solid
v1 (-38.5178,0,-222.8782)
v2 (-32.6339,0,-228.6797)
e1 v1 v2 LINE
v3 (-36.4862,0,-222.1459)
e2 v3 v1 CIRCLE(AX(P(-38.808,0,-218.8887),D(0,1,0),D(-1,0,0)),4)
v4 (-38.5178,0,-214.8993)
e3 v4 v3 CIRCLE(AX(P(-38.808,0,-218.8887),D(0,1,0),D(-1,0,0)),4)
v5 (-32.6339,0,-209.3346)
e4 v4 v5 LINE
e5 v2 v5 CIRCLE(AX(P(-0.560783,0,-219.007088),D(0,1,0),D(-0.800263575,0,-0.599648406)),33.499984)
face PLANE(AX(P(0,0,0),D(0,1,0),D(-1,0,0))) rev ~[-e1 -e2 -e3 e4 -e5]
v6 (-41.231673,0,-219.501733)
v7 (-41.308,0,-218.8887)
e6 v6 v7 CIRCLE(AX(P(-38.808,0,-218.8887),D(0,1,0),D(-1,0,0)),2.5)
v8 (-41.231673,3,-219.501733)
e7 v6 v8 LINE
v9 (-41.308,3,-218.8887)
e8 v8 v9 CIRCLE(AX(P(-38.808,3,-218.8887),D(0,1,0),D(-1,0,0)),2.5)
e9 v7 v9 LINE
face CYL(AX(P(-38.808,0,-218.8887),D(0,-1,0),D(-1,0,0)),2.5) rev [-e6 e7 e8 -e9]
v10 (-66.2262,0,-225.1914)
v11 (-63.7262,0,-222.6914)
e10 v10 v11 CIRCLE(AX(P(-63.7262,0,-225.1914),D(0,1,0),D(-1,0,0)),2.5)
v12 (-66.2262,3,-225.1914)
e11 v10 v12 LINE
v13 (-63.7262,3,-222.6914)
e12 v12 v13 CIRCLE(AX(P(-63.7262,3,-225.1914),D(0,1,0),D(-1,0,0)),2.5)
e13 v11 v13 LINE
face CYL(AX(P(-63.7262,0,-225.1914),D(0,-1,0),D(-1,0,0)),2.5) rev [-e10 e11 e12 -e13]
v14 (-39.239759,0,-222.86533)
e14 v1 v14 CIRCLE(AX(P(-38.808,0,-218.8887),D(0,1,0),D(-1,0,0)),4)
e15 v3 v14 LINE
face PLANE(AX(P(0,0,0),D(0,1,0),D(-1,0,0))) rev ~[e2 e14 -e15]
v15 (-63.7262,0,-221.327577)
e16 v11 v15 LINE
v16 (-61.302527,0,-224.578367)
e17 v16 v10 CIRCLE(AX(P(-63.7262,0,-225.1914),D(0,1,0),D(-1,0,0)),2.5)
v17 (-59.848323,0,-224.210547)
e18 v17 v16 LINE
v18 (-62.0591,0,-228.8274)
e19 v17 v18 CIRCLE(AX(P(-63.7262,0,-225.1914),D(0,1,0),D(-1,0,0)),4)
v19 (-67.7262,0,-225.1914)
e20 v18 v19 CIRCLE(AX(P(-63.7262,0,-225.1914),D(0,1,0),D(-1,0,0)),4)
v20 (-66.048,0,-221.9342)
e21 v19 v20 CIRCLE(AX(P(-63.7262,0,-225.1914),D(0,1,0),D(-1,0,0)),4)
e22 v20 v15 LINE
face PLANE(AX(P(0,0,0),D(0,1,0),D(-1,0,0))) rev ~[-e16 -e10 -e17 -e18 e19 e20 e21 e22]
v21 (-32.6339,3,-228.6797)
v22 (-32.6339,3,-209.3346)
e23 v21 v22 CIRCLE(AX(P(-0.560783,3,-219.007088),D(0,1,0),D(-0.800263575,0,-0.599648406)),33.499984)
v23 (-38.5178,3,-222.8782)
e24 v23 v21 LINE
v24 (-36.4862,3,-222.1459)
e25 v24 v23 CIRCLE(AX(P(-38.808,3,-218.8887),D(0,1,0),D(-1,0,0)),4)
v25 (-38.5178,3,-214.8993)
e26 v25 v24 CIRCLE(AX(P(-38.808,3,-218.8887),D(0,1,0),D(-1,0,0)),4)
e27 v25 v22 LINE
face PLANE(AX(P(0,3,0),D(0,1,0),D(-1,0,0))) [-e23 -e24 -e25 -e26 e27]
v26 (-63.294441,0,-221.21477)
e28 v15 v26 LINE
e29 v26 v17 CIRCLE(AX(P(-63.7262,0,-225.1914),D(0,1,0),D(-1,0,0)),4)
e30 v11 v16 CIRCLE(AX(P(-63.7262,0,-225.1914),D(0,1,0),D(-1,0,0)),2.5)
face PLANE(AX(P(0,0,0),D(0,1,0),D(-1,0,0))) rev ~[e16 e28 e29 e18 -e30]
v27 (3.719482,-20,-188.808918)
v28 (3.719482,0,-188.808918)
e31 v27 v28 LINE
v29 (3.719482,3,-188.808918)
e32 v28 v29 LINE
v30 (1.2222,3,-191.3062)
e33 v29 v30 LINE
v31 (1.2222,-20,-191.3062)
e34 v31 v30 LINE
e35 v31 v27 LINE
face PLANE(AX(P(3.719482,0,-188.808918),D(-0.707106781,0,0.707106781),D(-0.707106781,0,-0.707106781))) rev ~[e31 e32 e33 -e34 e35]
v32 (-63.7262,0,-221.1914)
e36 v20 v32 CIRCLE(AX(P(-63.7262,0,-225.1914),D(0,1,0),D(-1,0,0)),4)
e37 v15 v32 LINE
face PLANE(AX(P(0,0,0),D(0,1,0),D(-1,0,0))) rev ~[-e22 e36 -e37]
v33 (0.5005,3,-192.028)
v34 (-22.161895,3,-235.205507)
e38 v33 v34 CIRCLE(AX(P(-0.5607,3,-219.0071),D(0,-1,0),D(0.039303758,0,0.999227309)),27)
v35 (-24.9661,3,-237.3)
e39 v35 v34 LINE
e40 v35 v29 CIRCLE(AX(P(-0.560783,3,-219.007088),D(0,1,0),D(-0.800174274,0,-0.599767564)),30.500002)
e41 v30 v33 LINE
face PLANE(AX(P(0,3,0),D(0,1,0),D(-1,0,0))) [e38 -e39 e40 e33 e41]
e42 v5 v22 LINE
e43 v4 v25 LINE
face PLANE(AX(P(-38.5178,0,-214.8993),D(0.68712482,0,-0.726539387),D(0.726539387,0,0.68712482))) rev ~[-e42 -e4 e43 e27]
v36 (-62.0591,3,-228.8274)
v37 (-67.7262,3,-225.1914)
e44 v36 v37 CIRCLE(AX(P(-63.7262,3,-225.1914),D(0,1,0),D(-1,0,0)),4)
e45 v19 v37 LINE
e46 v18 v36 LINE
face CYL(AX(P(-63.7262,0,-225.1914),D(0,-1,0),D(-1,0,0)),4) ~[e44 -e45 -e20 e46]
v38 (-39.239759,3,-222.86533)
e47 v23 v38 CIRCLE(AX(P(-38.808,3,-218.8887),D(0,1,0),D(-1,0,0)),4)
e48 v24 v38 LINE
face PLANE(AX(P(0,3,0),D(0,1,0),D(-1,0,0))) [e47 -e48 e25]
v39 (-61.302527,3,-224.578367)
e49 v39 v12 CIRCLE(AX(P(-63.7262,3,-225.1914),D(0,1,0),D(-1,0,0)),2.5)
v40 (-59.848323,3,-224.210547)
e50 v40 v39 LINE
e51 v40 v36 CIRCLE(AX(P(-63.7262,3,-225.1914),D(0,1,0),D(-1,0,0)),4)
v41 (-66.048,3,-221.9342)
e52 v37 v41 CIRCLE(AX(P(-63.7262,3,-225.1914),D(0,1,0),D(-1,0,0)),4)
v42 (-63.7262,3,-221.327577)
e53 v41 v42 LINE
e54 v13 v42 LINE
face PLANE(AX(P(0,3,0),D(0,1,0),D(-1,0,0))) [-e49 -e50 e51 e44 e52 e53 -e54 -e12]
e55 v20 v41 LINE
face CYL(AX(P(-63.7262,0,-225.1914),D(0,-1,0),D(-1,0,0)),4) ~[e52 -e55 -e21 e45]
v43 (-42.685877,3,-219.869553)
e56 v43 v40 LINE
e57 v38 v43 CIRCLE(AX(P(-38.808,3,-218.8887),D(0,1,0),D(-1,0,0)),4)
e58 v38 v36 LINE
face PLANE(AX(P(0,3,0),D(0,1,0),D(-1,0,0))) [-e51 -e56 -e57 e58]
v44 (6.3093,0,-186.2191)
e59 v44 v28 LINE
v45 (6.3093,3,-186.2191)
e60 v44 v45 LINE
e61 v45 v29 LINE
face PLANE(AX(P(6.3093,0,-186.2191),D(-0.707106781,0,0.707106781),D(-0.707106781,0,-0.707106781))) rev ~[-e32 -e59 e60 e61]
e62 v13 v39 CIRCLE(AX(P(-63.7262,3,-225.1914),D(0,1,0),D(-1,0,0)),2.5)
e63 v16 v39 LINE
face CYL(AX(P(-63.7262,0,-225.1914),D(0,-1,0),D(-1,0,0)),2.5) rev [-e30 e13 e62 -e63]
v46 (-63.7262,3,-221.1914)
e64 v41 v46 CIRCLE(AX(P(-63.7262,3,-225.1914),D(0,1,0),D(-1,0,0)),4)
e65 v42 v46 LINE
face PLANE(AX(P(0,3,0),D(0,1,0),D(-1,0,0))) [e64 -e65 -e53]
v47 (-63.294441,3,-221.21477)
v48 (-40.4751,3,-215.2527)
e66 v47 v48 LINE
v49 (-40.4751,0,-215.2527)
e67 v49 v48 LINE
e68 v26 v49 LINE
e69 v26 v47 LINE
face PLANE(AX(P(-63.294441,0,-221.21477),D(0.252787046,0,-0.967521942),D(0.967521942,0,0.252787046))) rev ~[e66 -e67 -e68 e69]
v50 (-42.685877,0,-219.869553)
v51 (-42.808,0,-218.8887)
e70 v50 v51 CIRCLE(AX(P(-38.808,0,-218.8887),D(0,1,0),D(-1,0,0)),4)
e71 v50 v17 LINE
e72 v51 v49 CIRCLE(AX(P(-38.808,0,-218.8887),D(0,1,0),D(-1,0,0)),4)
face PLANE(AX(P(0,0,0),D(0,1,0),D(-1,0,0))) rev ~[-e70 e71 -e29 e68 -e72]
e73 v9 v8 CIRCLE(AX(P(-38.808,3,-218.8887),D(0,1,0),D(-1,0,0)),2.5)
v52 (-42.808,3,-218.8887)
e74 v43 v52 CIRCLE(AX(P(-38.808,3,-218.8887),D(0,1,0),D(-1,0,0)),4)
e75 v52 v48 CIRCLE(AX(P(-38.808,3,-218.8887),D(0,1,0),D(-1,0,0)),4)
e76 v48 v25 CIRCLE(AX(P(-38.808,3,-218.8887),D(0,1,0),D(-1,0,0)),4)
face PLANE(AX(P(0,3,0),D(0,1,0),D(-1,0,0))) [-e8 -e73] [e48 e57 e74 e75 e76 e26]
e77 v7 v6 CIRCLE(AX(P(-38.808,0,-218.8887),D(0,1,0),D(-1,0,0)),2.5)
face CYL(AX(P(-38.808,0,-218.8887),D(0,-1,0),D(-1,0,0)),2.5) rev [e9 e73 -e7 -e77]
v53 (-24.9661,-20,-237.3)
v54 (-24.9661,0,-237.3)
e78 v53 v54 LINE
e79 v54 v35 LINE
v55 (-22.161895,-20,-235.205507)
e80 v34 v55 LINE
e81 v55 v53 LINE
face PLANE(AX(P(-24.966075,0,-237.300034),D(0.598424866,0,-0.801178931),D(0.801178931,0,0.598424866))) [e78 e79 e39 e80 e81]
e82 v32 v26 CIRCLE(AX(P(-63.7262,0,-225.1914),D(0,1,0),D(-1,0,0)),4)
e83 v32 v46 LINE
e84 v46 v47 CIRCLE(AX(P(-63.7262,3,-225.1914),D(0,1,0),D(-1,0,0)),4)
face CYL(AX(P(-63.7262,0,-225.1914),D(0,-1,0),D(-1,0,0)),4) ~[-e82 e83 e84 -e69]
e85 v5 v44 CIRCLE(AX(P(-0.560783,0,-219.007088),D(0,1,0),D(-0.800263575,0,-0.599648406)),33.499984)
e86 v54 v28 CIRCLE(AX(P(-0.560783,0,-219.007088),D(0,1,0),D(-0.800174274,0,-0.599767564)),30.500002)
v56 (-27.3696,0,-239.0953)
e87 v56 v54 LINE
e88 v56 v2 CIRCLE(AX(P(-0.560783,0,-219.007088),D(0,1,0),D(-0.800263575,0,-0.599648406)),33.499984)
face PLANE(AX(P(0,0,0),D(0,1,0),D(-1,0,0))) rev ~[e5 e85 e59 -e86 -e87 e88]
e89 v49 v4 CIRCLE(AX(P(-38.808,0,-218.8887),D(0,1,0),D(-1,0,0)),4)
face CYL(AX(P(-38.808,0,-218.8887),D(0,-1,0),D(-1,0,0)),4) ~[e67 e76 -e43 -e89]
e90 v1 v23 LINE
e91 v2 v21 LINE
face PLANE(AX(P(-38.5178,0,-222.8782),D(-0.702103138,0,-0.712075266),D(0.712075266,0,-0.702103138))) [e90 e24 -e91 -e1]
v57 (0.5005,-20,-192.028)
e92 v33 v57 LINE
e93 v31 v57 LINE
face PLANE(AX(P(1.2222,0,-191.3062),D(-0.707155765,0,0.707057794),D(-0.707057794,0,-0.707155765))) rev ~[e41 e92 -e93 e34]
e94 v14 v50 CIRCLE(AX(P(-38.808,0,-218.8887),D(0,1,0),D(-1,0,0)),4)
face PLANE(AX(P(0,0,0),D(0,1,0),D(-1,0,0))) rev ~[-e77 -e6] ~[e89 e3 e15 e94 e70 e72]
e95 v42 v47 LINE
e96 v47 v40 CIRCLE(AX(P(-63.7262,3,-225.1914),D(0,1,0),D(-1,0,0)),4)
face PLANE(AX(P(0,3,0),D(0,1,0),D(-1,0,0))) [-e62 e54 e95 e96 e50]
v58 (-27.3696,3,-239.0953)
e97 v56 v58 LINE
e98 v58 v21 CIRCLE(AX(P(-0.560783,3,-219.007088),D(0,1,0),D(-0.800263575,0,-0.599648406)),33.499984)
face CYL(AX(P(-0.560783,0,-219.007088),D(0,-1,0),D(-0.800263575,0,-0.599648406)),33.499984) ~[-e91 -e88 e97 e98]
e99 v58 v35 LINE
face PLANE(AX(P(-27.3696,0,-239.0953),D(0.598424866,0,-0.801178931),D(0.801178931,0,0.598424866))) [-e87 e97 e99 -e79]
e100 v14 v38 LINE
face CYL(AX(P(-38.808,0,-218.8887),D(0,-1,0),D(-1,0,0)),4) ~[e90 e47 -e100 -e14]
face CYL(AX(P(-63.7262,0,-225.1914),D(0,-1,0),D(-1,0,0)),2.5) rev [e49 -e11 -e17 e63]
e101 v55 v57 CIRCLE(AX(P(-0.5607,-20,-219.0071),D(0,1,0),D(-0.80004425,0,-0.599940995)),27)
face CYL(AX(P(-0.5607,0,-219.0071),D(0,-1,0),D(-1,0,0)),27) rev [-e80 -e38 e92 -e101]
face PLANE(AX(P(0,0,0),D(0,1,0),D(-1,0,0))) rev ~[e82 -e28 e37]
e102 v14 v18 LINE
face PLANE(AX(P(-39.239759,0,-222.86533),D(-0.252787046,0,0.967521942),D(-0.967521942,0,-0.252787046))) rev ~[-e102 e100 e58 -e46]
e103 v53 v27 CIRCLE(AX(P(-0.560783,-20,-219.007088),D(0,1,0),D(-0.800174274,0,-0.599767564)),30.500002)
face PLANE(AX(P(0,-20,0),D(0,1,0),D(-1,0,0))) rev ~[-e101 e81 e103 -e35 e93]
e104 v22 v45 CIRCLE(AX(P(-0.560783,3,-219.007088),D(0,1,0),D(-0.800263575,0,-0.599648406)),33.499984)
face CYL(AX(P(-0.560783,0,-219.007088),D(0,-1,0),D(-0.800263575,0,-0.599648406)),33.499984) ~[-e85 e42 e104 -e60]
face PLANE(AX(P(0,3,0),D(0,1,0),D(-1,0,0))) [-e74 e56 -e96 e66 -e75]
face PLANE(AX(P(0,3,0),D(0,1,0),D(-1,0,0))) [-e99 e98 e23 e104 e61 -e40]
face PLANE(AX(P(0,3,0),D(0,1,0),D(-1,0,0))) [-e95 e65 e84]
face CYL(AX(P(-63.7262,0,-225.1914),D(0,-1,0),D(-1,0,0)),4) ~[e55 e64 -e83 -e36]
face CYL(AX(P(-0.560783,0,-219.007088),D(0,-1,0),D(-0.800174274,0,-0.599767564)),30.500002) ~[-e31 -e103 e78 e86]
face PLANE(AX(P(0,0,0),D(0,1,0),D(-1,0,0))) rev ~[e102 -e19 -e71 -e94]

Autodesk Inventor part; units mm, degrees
ref_plane "YZ Plane" through (0, 0, 0) normal (1, 0, 0) x (0, 1, 0)
ref_plane "XZ Plane" through (0, 0, 0) normal (0, 1, 0) x (-1, 0, 0)
ref_plane "XY Plane" through (0, 0, 0) normal (0, 0, 1) x (1, 0, 0)
sketch "Sketch1" plane through (0, 0, 0) normal (0, 1, 0) x (-1, 0, 0)
  circle A0 centre (38.808, -218.8887) radius 2.5
  circle A1 centre (38.808, -218.8887) radius 4
  line L0 (38.5178, -214.8993) -> (32.6339, -209.3346)
  line L1 (38.5178, -222.8782) -> (32.6339, -228.6797)
  line L2 (38.5178, -214.8993) -> (44.821, -214.8993) construction
  line L3 (36.4862, -222.1459) -> (62.0591, -228.8274)
  line L4 (63.7262, -225.1914) -> (63.7262, -218.8414)
  line L5 (38.808, -218.8887) -> (63.7262, -225.1914)
  circle A2 centre (63.7262, -225.1914) radius 2.5
  circle A3 centre (63.7262, -225.1914) radius 4
  line L6 (66.048, -221.9342) -> (40.4751, -215.2527)
  line L7 (38.5178, -222.8782) -> (46.8388, -222.8782) construction
  arc A4 (23.7643, -236.4024) -> (-22.704, -201.6938) centre (0.5607, -219.0071) ccw
  arc A5 (24.9661, -237.3) -> (-23.9058, -200.7962) centre (0.5607, -219.0071) ccw
  arc A6 (27.3696, -239.0953) -> (-26.3093, -199.0009) centre (0.5607, -219.0071) ccw
  line L8 (0.5607, -219.0071) -> (33.0607, -219.0071) construction
  line L9 (-11.1066, -187.6045) -> (-8.0218, -191.3062)
  line L10 (27.3696, -239.0953) -> (-26.3093, -199.0009)
  circle A7 centre (0.5607, -219.0071) radius 27
  line L11 (-8.0218, -191.3062) -> (-6.6103, -193)
  line L12 (-26.3093, -199.0009) -> (-26.3093, -179)
  line L13 (-26.3093, -179) -> (-6.3093, -179)
  line L14 (-6.3093, -179) -> (-6.3093, -186.2191)
  line L15 (-6.3093, -186.2191) -> (-1.2222, -191.3062)
  line L16 (-6.3093, -186.2191) -> (0.8849, -186.2191) construction
  line L17 (-1.2222, -191.3062) -> (-0.5005, -192.028)
  point P0 (35.5254, -216.603)
  point P1 (34.0607, -219.0071)
  point P2 (33.8894, -222.3906)
  point P3 (23.4919, -219.4969)
  point P4 (-23.1273, -195.3191)
  point P5 (24.2488, -242.6952)
  point P6 (39.2399, -222.8653)
  point P7 (63.2943, -221.2147)
  point P8 (-9.0575, -190.0634)
  point P9 (-6.626, -192.9812)
  point P10 (22.1619, -235.2055)
  point P11 (-3.7195, -188.809)
  dimension "d48" = 33.5
  dimension "d59" = 54
  dimension "d47" = 5
  dimension "d49" = 30.5
  dimension "d50" = 29
  dimension "d51" = 66.9999
  dimension "d52" = 5.8838
  dimension "d53" = 5.8838
  dimension "d54" = 25.5729
  dimension "d55" = 25.5729
  dimension "d56" = 8
  dimension "d57" = 5
  dimension "d58" = 8
  dimension "d60" = 20
  dimension "d61" = 45
extrude "Extrusion5" add sketch "Sketch1" along normal blind 3 contours A1 L3 | A1 L6 A3 L5 | L5 A3 L3 A1 | A1 L3 | A3 L6 L4 A2 L5 | L5 A2 L4 L6 A3 | L1 A6 L0 A1 | A3 L4 L6 | A6 L10 A5 L15 | A3 L6 L4
extrude "Extrusion6" add sketch "Sketch1" along normal blind 3 and the other way blind 20 contours L10 A4 L15 A5 | L10 A7 L17 L15 A4
properties part number "Left Hand_3DPrint"
